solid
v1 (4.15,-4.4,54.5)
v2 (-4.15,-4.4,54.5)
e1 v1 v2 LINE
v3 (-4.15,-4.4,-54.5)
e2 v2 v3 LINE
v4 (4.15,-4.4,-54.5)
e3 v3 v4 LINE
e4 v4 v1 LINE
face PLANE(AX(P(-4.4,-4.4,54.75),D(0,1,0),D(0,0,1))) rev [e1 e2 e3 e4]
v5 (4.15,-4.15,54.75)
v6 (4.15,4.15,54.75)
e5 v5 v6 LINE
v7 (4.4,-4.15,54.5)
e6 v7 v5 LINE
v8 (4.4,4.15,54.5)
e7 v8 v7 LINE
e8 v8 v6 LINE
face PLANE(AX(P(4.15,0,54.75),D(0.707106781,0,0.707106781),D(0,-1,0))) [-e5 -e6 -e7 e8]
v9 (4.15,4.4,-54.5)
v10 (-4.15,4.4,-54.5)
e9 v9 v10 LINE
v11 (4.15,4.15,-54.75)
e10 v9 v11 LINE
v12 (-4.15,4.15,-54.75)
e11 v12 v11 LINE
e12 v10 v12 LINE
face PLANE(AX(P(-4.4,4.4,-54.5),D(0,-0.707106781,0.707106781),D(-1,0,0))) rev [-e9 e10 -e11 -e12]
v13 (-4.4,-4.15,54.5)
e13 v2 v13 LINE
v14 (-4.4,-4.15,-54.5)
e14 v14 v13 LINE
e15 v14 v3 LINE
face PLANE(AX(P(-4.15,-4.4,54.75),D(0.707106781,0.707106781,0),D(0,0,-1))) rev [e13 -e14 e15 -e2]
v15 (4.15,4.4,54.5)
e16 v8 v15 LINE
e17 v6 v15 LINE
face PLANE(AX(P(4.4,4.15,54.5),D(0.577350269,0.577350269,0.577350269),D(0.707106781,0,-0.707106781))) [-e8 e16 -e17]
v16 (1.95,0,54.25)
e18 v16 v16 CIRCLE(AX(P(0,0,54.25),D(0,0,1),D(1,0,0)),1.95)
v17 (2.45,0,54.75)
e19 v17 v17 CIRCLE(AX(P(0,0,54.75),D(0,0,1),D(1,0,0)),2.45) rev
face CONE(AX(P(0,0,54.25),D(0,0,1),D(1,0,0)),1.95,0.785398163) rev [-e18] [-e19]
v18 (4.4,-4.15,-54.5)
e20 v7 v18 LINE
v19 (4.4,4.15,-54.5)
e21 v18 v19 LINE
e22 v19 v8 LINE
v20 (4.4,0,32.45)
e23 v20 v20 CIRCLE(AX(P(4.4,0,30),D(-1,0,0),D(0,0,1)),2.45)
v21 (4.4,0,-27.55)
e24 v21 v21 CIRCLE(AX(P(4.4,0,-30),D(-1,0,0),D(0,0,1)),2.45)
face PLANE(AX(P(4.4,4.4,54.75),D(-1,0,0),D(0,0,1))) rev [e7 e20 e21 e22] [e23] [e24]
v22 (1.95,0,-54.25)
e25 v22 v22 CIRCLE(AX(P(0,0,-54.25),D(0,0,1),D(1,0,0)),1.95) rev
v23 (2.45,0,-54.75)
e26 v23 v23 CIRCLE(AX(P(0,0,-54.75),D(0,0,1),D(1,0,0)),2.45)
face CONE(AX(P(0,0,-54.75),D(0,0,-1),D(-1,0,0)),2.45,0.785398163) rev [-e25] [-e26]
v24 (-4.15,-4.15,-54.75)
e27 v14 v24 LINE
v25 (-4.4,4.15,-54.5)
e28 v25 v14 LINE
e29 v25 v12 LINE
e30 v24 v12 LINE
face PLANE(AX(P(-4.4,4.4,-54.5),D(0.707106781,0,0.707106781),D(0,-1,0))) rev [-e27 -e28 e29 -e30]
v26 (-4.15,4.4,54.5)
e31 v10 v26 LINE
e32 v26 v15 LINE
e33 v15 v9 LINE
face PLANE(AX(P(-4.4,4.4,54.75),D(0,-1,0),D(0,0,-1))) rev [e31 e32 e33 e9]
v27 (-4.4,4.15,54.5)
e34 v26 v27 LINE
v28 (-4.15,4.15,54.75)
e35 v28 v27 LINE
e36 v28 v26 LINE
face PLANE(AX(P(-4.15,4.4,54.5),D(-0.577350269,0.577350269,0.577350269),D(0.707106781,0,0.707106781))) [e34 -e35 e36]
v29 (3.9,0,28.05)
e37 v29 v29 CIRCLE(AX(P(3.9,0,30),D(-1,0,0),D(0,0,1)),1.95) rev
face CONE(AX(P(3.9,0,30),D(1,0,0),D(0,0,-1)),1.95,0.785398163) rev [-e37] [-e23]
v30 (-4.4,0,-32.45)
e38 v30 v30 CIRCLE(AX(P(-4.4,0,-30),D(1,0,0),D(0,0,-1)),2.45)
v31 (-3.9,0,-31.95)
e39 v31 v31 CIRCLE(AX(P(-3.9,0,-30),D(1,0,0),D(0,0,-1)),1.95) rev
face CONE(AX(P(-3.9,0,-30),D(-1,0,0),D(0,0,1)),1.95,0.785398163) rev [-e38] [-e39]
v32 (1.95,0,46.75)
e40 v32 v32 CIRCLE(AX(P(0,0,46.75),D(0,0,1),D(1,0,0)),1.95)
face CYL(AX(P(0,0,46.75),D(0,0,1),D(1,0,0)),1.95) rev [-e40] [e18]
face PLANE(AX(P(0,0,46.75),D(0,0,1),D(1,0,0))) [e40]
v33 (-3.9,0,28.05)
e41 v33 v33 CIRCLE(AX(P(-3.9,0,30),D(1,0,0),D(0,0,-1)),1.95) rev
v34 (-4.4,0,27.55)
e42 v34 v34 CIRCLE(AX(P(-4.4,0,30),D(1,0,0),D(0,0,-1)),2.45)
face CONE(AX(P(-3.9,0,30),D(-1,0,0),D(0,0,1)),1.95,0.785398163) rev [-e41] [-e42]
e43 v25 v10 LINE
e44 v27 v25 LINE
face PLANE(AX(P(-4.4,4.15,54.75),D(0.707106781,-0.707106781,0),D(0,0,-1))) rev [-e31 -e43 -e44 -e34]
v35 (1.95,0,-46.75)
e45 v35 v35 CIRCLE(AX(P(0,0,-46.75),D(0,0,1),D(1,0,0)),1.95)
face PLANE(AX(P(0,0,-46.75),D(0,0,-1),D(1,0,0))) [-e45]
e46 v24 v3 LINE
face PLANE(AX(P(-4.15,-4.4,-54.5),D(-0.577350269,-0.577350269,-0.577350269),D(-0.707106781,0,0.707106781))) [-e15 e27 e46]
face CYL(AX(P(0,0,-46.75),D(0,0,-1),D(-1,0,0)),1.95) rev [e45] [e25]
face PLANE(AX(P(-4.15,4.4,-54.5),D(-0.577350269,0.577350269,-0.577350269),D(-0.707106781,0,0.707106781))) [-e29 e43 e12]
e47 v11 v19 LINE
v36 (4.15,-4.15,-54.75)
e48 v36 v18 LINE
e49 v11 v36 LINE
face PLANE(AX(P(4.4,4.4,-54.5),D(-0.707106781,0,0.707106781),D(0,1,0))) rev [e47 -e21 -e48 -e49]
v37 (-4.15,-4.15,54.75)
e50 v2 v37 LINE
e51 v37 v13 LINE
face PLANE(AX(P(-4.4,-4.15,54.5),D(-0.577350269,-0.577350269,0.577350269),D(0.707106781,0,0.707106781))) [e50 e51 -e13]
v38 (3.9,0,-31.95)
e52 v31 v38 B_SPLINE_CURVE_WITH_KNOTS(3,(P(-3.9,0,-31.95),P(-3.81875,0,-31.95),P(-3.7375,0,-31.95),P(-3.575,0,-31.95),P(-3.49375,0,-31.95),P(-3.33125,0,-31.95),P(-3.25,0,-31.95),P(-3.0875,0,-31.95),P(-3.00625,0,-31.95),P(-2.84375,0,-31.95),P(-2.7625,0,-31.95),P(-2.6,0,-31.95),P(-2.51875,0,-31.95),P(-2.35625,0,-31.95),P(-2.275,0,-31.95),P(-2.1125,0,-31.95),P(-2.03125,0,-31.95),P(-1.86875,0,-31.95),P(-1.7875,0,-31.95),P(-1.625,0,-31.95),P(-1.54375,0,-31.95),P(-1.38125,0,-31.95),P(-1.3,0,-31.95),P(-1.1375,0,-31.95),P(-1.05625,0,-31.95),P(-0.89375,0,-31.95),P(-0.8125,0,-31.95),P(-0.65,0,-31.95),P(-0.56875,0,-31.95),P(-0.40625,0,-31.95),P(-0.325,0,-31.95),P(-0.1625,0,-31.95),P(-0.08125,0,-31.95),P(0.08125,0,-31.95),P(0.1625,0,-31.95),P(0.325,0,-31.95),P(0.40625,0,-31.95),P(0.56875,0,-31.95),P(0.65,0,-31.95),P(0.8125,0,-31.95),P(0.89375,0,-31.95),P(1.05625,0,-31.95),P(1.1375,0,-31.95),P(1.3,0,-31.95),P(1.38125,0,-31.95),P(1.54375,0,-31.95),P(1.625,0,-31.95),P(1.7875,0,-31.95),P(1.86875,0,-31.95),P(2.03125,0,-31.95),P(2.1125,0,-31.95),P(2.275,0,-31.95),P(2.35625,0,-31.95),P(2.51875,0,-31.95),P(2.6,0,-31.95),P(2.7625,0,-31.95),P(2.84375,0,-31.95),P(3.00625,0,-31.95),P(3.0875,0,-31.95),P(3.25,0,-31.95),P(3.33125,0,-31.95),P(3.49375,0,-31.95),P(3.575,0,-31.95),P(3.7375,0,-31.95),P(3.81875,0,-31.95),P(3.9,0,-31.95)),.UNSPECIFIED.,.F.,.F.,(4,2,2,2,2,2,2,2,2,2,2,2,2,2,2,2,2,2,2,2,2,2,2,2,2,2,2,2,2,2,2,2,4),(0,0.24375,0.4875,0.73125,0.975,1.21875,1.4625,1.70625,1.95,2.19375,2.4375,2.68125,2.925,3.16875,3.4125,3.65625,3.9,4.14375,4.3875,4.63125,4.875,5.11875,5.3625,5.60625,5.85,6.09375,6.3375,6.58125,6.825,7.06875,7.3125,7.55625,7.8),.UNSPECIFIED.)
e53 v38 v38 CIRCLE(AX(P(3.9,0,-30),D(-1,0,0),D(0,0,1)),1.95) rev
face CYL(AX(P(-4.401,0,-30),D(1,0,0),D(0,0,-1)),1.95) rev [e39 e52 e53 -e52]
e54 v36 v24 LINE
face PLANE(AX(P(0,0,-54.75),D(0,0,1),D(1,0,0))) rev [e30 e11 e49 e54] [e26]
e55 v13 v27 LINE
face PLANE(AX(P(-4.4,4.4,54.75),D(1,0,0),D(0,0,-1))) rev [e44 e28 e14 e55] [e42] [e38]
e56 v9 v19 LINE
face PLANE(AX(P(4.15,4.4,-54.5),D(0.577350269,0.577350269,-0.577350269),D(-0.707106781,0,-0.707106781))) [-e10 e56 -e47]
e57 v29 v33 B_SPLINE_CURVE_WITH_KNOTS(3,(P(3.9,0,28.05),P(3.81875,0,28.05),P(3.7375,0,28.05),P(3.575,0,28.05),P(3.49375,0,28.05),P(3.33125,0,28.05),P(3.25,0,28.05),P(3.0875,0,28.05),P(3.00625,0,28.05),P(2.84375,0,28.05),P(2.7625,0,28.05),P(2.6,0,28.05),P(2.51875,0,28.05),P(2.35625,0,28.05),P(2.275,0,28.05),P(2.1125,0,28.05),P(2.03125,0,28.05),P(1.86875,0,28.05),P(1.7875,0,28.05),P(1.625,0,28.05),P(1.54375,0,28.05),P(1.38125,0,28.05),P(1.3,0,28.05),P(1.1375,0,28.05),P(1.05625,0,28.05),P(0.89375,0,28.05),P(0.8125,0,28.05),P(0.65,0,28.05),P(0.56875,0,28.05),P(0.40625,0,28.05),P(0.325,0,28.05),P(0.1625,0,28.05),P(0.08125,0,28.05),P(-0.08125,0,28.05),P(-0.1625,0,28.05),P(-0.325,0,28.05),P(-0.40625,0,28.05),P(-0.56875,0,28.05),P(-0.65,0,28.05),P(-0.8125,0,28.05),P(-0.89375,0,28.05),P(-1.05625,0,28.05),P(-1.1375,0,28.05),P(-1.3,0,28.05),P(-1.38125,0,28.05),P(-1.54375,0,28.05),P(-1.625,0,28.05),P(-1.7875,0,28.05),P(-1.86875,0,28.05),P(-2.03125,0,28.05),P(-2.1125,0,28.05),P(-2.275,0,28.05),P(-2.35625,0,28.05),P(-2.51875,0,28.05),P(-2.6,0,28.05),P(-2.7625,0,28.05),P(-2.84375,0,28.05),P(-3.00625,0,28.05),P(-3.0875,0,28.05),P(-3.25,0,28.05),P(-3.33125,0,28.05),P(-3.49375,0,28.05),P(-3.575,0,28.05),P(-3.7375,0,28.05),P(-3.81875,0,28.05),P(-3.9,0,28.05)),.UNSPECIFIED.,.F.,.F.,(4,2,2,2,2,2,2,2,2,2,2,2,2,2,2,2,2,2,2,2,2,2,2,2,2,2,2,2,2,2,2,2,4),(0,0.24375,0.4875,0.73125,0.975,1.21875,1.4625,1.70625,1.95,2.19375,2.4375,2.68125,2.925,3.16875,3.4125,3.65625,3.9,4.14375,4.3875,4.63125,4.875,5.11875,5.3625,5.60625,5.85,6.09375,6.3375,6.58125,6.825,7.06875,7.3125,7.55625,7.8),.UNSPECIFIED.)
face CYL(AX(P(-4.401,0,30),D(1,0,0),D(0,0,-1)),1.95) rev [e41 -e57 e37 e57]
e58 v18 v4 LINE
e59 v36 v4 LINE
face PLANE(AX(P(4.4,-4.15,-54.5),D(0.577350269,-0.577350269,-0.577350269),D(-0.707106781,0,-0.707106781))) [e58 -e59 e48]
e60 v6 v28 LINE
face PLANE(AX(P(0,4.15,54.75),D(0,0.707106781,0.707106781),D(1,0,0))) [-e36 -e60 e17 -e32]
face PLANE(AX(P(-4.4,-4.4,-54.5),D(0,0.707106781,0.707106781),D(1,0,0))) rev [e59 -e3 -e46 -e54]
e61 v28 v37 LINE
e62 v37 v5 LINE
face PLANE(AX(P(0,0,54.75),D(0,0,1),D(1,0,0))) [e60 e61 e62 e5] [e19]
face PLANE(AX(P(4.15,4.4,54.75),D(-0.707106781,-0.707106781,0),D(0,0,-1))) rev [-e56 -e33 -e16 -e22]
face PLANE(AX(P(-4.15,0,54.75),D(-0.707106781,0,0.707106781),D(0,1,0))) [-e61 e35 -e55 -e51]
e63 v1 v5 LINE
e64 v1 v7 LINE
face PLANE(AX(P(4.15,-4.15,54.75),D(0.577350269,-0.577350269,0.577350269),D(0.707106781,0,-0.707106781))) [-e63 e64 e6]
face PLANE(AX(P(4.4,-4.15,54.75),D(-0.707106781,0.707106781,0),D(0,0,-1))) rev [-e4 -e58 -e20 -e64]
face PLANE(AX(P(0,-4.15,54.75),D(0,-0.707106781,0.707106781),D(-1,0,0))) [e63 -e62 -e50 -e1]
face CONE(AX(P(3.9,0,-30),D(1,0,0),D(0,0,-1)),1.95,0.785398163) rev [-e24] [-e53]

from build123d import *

# Parameters (mm, degrees)
SKETCH1_W           = 8.8
SKETCH1_H           = 8.8
BOSS_EXTRUDE1_DEPTH = 54.75
SKETCH2_R           = 1.95
CUT_EXTRUDE1_DEPTH  = 8
CUT_EXTRUDE2_REACH  = 57.627
SKETCH3_R           = 1.95
CHAMFER1_SIZE       = 0.5
CHAMFER2_SIZE       = 0.25


with BuildPart() as part:
    # Sketch1 → Boss-Extrude1 (new, symmetric)
    with BuildSketch(Plane.XY):
        Rectangle(SKETCH1_W, SKETCH1_H)
    extrude(amount=BOSS_EXTRUDE1_DEPTH, both=True)

    # Sketch2 → Cut-Extrude1 (cut)
    with BuildSketch(Plane.XY.offset(54.75)):
        Circle(SKETCH2_R)
    cut_extrude1 = extrude(amount=-CUT_EXTRUDE1_DEPTH, mode=Mode.SUBTRACT)

    # Mirror1: Cut-Extrude1 across plane
    add(cut_extrude1.mirror(Plane.XY), mode=Mode.SUBTRACT)

    # Sketch3 → Cut-Extrude2 (cut, up to next)
    with BuildSketch(Plane(origin=(4.4, 0, 0), x_dir=(0, 0, -1), z_dir=(1, 0, 0)), mode=Mode.PRIVATE) as cut_extrude2_sk1:
        with Locations((-30, 0)):
            Circle(SKETCH3_R)
    cut_extrude2_tool1 = extrude(cut_extrude2_sk1.sketch, amount=-CUT_EXTRUDE2_REACH, mode=Mode.PRIVATE) & part.part
    # Sketch3 → Cut-Extrude2 (cut, up to next)
    with BuildSketch(Plane(origin=(4.4, 0, 0), x_dir=(0, 0, -1), z_dir=(1, 0, 0)), mode=Mode.PRIVATE) as cut_extrude2_sk2:
        with Locations((30, 0)):
            Circle(SKETCH3_R)
    cut_extrude2_tool2 = extrude(cut_extrude2_sk2.sketch, amount=-CUT_EXTRUDE2_REACH, mode=Mode.PRIVATE) & part.part
    add(cut_extrude2_tool1.solids().sort_by_distance((4.4, 0, 30))[0], mode=Mode.SUBTRACT)
    add(cut_extrude2_tool2.solids().sort_by_distance((4.4, 0, -30))[0], mode=Mode.SUBTRACT)

    # Chamfer1
    chamfer1_edges = [part.edges().sort_by_distance(p)[0] for p in [
        (-1.95, 0, 54.75),
        (-1.95, 0, -54.75),
        (4.4, 0, 31.95),
        (-4.4, 0, 31.95),
        (4.4, 0, -28.05),
        (-4.4, 0, -28.05),
    ]]
    chamfer(chamfer1_edges, length=CHAMFER1_SIZE)

    # Chamfer2
    chamfer2_edges = [part.edges().sort_by_distance(p)[0] for p in [
        (-4.4, 0, 54.75),
        (0, -4.4, 54.75),
        (4.4, 0, 54.75),
        (0, -4.4, -54.75),
        (-4.4, 0, -54.75),
        (0, 4.4, -54.75),
        (4.4, 0, -54.75),
        (4.4, -4.4, 0),
        (-4.4, -4.4, 0),
        (-4.4, 4.4, 0),
        (4.4, 4.4, 0),
        (0, 4.4, 54.75),
    ]]
    chamfer(chamfer2_edges, length=CHAMFER2_SIZE)


solid = part.part
